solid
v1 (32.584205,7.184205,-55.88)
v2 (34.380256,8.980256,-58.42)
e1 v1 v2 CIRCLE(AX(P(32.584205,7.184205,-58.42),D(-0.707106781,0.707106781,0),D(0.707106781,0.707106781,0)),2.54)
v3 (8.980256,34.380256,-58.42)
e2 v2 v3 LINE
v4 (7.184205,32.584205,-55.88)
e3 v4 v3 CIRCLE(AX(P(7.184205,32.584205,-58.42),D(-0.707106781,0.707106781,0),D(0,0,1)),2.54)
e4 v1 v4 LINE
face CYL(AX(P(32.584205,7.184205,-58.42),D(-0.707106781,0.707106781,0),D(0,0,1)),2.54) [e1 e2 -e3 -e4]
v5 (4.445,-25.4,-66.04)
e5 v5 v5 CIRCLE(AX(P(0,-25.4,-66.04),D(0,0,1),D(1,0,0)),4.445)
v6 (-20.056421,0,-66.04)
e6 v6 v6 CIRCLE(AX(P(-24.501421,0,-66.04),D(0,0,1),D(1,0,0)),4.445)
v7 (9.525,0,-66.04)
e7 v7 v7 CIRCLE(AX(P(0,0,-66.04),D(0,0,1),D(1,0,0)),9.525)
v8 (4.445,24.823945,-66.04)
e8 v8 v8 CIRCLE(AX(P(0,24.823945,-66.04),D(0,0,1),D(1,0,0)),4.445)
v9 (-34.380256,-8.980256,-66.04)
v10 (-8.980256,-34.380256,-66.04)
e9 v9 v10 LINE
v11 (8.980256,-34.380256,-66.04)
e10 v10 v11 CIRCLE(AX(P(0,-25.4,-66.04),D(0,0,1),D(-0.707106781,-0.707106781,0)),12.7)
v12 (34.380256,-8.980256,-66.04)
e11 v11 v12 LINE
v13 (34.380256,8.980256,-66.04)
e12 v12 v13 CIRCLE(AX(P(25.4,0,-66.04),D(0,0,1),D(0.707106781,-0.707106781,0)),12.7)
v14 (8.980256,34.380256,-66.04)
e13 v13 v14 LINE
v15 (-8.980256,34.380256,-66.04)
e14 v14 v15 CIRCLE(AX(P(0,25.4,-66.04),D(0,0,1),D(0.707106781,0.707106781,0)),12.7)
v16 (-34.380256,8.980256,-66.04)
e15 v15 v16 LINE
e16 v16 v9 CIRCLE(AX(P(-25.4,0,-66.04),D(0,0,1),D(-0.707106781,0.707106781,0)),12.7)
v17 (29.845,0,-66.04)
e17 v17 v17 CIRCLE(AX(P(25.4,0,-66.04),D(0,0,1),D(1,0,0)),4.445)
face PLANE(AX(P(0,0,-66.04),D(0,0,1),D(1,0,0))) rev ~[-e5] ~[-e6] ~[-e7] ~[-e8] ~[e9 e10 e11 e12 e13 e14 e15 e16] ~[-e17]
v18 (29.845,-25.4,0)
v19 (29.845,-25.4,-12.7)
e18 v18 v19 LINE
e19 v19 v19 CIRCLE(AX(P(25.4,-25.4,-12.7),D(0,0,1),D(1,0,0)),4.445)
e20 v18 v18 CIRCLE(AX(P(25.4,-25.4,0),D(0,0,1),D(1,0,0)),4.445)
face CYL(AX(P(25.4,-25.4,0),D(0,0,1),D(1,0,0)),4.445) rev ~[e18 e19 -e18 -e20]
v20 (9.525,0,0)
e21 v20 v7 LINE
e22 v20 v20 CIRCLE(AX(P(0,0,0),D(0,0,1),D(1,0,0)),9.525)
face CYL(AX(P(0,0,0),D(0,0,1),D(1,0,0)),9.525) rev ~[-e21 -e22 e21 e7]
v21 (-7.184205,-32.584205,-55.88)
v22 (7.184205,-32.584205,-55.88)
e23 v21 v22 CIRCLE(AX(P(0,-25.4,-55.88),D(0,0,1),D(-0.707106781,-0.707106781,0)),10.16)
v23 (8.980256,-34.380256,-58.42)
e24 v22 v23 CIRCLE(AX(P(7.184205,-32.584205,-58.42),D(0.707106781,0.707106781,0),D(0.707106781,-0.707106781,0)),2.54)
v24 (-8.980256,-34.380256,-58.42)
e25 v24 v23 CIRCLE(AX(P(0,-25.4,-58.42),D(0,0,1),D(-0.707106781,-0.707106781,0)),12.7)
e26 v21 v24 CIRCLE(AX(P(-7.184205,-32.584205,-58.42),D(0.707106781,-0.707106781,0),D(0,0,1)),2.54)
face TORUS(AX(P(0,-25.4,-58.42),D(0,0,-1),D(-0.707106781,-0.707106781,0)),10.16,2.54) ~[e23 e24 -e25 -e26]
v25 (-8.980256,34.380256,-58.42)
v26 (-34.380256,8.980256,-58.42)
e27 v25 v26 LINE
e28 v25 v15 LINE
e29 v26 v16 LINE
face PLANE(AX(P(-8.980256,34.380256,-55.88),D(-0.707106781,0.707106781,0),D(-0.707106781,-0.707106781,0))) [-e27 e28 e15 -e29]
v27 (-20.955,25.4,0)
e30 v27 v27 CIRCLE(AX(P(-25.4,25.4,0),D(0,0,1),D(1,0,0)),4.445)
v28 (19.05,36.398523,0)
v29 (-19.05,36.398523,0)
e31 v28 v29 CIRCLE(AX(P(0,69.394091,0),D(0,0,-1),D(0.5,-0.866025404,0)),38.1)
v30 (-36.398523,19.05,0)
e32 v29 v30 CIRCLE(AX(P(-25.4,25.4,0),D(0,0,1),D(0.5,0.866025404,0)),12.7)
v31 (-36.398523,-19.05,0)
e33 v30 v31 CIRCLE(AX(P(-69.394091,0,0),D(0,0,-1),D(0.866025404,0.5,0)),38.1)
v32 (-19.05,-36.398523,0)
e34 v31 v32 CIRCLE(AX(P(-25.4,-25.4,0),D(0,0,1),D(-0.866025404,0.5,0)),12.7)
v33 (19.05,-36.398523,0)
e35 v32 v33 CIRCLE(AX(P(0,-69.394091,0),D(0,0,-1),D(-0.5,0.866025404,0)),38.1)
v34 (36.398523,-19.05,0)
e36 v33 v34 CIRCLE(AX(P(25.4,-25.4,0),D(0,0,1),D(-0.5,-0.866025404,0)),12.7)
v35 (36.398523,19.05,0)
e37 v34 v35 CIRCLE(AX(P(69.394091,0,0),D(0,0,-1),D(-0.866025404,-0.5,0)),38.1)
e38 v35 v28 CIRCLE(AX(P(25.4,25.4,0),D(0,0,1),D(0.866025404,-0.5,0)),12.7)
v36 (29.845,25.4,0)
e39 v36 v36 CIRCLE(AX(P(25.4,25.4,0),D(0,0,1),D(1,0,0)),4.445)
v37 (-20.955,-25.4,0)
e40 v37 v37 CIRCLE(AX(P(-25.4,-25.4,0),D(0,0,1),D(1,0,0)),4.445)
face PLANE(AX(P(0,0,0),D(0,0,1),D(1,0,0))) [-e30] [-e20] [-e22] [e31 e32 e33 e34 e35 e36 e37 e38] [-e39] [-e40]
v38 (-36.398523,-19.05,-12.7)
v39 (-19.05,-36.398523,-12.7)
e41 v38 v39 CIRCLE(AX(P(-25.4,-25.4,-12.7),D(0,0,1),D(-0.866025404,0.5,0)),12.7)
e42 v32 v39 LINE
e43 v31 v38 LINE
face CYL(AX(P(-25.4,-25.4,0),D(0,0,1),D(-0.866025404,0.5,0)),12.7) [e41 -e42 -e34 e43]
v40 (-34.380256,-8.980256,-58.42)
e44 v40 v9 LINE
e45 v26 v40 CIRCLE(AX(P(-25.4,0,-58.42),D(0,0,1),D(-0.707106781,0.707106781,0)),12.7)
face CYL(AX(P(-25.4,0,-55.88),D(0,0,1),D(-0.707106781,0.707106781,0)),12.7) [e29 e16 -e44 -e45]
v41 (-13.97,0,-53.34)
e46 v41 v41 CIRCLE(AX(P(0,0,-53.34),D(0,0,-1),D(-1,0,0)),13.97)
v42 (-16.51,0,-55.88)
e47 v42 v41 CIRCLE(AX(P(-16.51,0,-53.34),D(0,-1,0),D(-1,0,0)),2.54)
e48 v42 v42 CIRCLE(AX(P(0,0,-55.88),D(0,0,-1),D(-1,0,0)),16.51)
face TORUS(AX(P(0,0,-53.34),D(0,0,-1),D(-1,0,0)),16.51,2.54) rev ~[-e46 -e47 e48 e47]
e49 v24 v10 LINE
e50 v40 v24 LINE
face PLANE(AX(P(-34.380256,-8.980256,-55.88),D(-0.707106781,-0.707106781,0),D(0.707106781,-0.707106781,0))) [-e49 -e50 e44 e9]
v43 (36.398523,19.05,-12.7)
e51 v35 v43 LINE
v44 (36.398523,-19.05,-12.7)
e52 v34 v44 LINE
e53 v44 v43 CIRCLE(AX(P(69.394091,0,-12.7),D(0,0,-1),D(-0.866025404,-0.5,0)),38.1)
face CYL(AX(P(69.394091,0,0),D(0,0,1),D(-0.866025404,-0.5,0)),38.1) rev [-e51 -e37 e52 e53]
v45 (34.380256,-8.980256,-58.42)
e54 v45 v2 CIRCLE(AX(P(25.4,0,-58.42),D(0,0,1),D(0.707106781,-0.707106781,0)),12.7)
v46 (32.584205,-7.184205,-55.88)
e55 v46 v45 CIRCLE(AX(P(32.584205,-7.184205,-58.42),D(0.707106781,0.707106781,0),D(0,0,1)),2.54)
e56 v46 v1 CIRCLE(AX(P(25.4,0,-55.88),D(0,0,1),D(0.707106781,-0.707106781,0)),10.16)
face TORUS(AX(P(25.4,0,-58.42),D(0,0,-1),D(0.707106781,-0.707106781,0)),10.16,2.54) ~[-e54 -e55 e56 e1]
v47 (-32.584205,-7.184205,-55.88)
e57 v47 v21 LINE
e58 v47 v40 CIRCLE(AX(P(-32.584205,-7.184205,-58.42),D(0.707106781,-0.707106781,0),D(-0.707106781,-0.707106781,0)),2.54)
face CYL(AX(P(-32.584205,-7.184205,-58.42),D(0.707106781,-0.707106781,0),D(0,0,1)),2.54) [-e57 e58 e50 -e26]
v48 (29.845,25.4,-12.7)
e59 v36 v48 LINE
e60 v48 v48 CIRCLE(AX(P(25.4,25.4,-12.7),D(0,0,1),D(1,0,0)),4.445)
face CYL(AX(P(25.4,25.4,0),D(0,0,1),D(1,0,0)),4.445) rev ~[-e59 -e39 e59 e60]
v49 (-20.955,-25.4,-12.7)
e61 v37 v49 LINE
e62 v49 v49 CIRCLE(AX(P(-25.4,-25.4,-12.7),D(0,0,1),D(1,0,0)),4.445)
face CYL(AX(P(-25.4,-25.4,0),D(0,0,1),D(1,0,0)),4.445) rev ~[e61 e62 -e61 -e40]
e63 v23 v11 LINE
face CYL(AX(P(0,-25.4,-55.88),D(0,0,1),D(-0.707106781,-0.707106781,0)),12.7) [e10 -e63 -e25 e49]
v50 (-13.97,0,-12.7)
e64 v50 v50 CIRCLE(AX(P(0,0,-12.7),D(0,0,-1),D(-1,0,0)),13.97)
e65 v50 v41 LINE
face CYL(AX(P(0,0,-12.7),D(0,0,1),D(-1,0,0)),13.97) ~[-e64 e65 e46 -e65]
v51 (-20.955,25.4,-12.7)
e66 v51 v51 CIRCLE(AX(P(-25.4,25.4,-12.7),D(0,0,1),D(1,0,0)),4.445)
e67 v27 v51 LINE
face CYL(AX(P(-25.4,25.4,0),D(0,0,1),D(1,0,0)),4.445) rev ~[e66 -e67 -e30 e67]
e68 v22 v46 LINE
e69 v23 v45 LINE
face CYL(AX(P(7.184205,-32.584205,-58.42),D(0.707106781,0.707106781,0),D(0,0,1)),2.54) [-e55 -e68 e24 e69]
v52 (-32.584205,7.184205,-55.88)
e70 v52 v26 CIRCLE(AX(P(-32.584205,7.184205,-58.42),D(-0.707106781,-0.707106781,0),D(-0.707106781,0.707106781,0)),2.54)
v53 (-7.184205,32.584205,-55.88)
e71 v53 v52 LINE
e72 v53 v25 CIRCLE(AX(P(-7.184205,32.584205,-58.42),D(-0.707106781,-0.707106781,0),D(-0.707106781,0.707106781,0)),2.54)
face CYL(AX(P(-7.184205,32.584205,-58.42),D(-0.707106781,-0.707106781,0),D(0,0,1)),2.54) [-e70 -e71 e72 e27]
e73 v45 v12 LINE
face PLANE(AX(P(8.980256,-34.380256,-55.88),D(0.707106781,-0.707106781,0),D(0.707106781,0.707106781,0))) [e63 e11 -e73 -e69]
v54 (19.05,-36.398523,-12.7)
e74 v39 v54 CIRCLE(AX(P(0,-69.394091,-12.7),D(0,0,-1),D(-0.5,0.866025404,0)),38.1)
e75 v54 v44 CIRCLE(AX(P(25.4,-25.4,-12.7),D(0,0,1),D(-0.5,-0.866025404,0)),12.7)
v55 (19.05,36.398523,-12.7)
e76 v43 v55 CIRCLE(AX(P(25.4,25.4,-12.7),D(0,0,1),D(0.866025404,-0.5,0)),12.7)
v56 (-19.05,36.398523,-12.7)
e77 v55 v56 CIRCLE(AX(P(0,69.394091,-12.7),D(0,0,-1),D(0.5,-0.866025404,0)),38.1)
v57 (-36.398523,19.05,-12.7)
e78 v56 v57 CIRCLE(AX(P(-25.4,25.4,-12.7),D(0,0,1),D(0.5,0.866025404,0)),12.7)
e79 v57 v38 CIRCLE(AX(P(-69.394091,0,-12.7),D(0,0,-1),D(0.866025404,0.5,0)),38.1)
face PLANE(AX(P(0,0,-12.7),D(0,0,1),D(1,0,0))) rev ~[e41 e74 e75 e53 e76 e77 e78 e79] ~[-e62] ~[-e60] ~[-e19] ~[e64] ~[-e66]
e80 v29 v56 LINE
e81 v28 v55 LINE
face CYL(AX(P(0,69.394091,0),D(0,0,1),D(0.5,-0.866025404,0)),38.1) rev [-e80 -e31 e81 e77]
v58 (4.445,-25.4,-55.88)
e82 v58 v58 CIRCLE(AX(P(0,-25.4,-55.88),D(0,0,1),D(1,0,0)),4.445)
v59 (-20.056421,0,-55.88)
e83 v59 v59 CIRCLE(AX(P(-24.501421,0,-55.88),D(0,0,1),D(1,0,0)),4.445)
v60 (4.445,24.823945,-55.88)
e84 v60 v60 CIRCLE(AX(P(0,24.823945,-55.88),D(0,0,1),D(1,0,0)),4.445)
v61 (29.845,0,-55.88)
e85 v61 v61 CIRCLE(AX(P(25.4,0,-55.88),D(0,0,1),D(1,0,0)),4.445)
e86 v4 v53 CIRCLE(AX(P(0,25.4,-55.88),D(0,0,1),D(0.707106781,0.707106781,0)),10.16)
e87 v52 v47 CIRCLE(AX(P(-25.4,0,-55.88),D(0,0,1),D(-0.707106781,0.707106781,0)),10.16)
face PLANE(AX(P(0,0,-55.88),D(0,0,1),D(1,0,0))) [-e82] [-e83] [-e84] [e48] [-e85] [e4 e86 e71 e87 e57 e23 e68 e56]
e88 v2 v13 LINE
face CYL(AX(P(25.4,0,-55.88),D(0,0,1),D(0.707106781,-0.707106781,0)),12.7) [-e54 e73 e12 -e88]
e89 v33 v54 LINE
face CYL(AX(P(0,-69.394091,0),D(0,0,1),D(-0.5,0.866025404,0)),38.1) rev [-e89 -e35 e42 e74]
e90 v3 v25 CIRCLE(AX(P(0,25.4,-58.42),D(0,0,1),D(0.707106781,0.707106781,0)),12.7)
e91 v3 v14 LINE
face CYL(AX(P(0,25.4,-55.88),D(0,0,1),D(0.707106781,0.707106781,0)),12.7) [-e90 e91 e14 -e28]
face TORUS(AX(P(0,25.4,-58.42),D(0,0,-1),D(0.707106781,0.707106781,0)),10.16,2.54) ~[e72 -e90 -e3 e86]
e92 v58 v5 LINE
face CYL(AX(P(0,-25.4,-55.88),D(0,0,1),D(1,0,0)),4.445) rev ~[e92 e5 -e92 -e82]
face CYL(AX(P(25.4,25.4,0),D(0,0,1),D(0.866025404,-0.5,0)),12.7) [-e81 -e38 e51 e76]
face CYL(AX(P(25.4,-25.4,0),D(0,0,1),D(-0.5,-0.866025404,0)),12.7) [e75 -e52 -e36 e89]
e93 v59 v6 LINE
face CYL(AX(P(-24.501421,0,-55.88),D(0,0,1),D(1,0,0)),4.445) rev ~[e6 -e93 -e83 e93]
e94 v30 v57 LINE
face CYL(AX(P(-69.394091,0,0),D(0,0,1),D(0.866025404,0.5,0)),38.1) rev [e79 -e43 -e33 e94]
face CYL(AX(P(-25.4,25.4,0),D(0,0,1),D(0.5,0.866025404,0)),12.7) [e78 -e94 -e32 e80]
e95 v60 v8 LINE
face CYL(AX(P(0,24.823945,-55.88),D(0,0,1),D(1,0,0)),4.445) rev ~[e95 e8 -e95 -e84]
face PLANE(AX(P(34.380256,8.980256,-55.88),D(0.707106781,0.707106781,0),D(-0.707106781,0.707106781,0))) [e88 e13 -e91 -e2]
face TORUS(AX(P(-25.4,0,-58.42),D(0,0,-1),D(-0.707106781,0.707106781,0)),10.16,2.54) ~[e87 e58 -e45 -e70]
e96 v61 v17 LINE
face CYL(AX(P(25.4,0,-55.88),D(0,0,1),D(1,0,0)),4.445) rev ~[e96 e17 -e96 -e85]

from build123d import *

# Parameters (mm, degrees)
EXTRUDE_1_DEPTH     = 12.7
SKETCH_2_R          = 13.97
EXTRUDE_2_DEPTH     = 43.18
EXTRUDE_3_DEPTH     = 10.16
SKETCH_5_R          = 9.525
CUT_EXTRUDE_1_DEPTH = 86.232045617
CUT_EXTRUDE_2_REACH = 87.232
SKETCH_6_R          = 4.445
CUT_EXTRUDE_3_REACH = 79.626
SKETCH_7_R          = 4.445
FILLET_1_R          = 2.54


with BuildPart() as part:
    # 스케치1 → 보스-돌출1 (new body)
    with BuildSketch(Plane.XY):
        with BuildLine():
            ThreePointArc((-19.05, 36.398522628), (-34.380256121, 34.380256121), (-36.398522628, 19.05))
            ThreePointArc((-36.398522628, 19.05), (-31.294090512, 0), (-36.398522628, -19.05))
            ThreePointArc((-36.398522628, -19.05), (-34.380256121, -34.380256121), (-19.05, -36.398522628))
            ThreePointArc((-19.05, -36.398522628), (0, -31.294090512), (19.05, -36.398522628))
            ThreePointArc((19.05, -36.398522628), (34.380256121, -34.380256121), (36.398522628, -19.05))
            ThreePointArc((36.398522628, -19.05), (31.294090512, 0), (36.398522628, 19.05))
            ThreePointArc((36.398522628, 19.05), (34.380256121, 34.380256121), (19.05, 36.398522628))
            ThreePointArc((19.05, 36.398522628), (0, 31.294090512), (-19.05, 36.398522628))
        make_face()
    extrude(amount=-EXTRUDE_1_DEPTH)

    # 스케치2 → 보스-돌출2 (add)
    with BuildSketch(Plane(origin=(0, 0, -12.7), x_dir=(-1, 0, 0), z_dir=(0, 0, -1))):
        Circle(SKETCH_2_R)
    extrude(amount=EXTRUDE_2_DEPTH)

    # 스케치4 → 보스-돌출3 (add)
    with BuildSketch(Plane(origin=(0, 0, -55.88), x_dir=(-1, 0, 0), z_dir=(0, 0, -1))):
        with BuildLine():
            Line((-34.380256121, 8.980256121), (-8.980256121, 34.380256121))
            ThreePointArc((-8.980256121, 34.380256121), (0, 38.1), (8.980256121, 34.380256121))
            Line((8.980256121, 34.380256121), (34.380256121, 8.980256121))
            ThreePointArc((34.380256121, 8.980256121), (38.1, 0), (34.380256121, -8.980256121))
            Line((34.380256121, -8.980256121), (8.980256121, -34.380256121))
            ThreePointArc((8.980256121, -34.380256121), (0, -38.1), (-8.980256121, -34.380256121))
            Line((-8.980256121, -34.380256121), (-34.380256121, -8.980256121))
            ThreePointArc((-34.380256121, -8.980256121), (-38.1, 0), (-34.380256121, 8.980256121))
        make_face()
    extrude(amount=EXTRUDE_3_DEPTH)

    # 스케치5 → 컷-돌출1 (cut, through all)
    with BuildSketch(Plane.XY):
        Circle(SKETCH_5_R)
    extrude(amount=-CUT_EXTRUDE_1_DEPTH, mode=Mode.SUBTRACT)

    # 스케치6 → 컷-돌출2 (cut, up to next)
    with BuildSketch(Plane.XY, mode=Mode.PRIVATE) as cut_extrude_2_sk1:
        with Locations((-25.4, 25.4)):
            Circle(SKETCH_6_R)
    cut_extrude_2_tool1 = extrude(cut_extrude_2_sk1.sketch, amount=-CUT_EXTRUDE_2_REACH, mode=Mode.PRIVATE) & part.part
    # 스케치6 → 컷-돌출2 (cut, up to next)
    with BuildSketch(Plane.XY, mode=Mode.PRIVATE) as cut_extrude_2_sk2:
        with Locations((-25.4, -25.4)):
            Circle(SKETCH_6_R)
    cut_extrude_2_tool2 = extrude(cut_extrude_2_sk2.sketch, amount=-CUT_EXTRUDE_2_REACH, mode=Mode.PRIVATE) & part.part
    # 스케치6 → 컷-돌출2 (cut, up to next)
    with BuildSketch(Plane.XY, mode=Mode.PRIVATE) as cut_extrude_2_sk3:
        with Locations((25.4, -25.4)):
            Circle(SKETCH_6_R)
    cut_extrude_2_tool3 = extrude(cut_extrude_2_sk3.sketch, amount=-CUT_EXTRUDE_2_REACH, mode=Mode.PRIVATE) & part.part
    # 스케치6 → 컷-돌출2 (cut, up to next)
    with BuildSketch(Plane.XY, mode=Mode.PRIVATE) as cut_extrude_2_sk4:
        with Locations((25.4, 25.4)):
            Circle(SKETCH_6_R)
    cut_extrude_2_tool4 = extrude(cut_extrude_2_sk4.sketch, amount=-CUT_EXTRUDE_2_REACH, mode=Mode.PRIVATE) & part.part
    add(cut_extrude_2_tool1.solids().sort_by_distance((-25.4, 25.4, 0))[0], mode=Mode.SUBTRACT)
    add(cut_extrude_2_tool2.solids().sort_by_distance((-25.4, -25.4, 0))[0], mode=Mode.SUBTRACT)
    add(cut_extrude_2_tool3.solids().sort_by_distance((25.4, -25.4, 0))[0], mode=Mode.SUBTRACT)
    add(cut_extrude_2_tool4.solids().sort_by_distance((25.4, 25.4, 0))[0], mode=Mode.SUBTRACT)

    # 스케치7 → 컷-돌출3 (cut, up to next)
    with BuildSketch(Plane.XY.offset(-55.88), mode=Mode.PRIVATE) as cut_extrude_3_sk1:
        with Locations((0, 24.823944536)):
            Circle(SKETCH_7_R)
    cut_extrude_3_tool1 = extrude(cut_extrude_3_sk1.sketch, amount=-CUT_EXTRUDE_3_REACH, mode=Mode.PRIVATE) & part.part
    # 스케치7 → 컷-돌출3 (cut, up to next)
    with BuildSketch(Plane.XY.offset(-55.88), mode=Mode.PRIVATE) as cut_extrude_3_sk2:
        with Locations((25.4, 0)):
            Circle(SKETCH_7_R)
    cut_extrude_3_tool2 = extrude(cut_extrude_3_sk2.sketch, amount=-CUT_EXTRUDE_3_REACH, mode=Mode.PRIVATE) & part.part
    # 스케치7 → 컷-돌출3 (cut, up to next)
    with BuildSketch(Plane.XY.offset(-55.88), mode=Mode.PRIVATE) as cut_extrude_3_sk3:
        with Locations((0, -25.4)):
            Circle(SKETCH_7_R)
    cut_extrude_3_tool3 = extrude(cut_extrude_3_sk3.sketch, amount=-CUT_EXTRUDE_3_REACH, mode=Mode.PRIVATE) & part.part
    # 스케치7 → 컷-돌출3 (cut, up to next)
    with BuildSketch(Plane.XY.offset(-55.88), mode=Mode.PRIVATE) as cut_extrude_3_sk4:
        with Locations((-24.501420948, 0)):
            Circle(SKETCH_7_R)
    cut_extrude_3_tool4 = extrude(cut_extrude_3_sk4.sketch, amount=-CUT_EXTRUDE_3_REACH, mode=Mode.PRIVATE) & part.part
    add(cut_extrude_3_tool1.solids().sort_by_distance((0, 24.823945, -55.88))[0], mode=Mode.SUBTRACT)
    add(cut_extrude_3_tool2.solids().sort_by_distance((25.4, 0, -55.88))[0], mode=Mode.SUBTRACT)
    add(cut_extrude_3_tool3.solids().sort_by_distance((0, -25.4, -55.88))[0], mode=Mode.SUBTRACT)
    add(cut_extrude_3_tool4.solids().sort_by_distance((-24.501421, 0, -55.88))[0], mode=Mode.SUBTRACT)

    # 필렛1
    fillet_1_edges = [part.edges().sort_by_distance(p)[0] for p in [
        (13.97, 0, -55.88),
        (-38.1, 0, -55.88),
        (-21.680256121, 21.680256121, -55.88),
        (0, 38.1, -55.88),
        (21.680256121, 21.680256121, -55.88),
        (38.1, 0, -55.88),
        (21.680256121, -21.680256121, -55.88),
        (0, -38.1, -55.88),
        (-21.680256121, -21.680256121, -55.88),
    ]]
    fillet(fillet_1_edges, radius=FILLET_1_R)


solid = part.part
